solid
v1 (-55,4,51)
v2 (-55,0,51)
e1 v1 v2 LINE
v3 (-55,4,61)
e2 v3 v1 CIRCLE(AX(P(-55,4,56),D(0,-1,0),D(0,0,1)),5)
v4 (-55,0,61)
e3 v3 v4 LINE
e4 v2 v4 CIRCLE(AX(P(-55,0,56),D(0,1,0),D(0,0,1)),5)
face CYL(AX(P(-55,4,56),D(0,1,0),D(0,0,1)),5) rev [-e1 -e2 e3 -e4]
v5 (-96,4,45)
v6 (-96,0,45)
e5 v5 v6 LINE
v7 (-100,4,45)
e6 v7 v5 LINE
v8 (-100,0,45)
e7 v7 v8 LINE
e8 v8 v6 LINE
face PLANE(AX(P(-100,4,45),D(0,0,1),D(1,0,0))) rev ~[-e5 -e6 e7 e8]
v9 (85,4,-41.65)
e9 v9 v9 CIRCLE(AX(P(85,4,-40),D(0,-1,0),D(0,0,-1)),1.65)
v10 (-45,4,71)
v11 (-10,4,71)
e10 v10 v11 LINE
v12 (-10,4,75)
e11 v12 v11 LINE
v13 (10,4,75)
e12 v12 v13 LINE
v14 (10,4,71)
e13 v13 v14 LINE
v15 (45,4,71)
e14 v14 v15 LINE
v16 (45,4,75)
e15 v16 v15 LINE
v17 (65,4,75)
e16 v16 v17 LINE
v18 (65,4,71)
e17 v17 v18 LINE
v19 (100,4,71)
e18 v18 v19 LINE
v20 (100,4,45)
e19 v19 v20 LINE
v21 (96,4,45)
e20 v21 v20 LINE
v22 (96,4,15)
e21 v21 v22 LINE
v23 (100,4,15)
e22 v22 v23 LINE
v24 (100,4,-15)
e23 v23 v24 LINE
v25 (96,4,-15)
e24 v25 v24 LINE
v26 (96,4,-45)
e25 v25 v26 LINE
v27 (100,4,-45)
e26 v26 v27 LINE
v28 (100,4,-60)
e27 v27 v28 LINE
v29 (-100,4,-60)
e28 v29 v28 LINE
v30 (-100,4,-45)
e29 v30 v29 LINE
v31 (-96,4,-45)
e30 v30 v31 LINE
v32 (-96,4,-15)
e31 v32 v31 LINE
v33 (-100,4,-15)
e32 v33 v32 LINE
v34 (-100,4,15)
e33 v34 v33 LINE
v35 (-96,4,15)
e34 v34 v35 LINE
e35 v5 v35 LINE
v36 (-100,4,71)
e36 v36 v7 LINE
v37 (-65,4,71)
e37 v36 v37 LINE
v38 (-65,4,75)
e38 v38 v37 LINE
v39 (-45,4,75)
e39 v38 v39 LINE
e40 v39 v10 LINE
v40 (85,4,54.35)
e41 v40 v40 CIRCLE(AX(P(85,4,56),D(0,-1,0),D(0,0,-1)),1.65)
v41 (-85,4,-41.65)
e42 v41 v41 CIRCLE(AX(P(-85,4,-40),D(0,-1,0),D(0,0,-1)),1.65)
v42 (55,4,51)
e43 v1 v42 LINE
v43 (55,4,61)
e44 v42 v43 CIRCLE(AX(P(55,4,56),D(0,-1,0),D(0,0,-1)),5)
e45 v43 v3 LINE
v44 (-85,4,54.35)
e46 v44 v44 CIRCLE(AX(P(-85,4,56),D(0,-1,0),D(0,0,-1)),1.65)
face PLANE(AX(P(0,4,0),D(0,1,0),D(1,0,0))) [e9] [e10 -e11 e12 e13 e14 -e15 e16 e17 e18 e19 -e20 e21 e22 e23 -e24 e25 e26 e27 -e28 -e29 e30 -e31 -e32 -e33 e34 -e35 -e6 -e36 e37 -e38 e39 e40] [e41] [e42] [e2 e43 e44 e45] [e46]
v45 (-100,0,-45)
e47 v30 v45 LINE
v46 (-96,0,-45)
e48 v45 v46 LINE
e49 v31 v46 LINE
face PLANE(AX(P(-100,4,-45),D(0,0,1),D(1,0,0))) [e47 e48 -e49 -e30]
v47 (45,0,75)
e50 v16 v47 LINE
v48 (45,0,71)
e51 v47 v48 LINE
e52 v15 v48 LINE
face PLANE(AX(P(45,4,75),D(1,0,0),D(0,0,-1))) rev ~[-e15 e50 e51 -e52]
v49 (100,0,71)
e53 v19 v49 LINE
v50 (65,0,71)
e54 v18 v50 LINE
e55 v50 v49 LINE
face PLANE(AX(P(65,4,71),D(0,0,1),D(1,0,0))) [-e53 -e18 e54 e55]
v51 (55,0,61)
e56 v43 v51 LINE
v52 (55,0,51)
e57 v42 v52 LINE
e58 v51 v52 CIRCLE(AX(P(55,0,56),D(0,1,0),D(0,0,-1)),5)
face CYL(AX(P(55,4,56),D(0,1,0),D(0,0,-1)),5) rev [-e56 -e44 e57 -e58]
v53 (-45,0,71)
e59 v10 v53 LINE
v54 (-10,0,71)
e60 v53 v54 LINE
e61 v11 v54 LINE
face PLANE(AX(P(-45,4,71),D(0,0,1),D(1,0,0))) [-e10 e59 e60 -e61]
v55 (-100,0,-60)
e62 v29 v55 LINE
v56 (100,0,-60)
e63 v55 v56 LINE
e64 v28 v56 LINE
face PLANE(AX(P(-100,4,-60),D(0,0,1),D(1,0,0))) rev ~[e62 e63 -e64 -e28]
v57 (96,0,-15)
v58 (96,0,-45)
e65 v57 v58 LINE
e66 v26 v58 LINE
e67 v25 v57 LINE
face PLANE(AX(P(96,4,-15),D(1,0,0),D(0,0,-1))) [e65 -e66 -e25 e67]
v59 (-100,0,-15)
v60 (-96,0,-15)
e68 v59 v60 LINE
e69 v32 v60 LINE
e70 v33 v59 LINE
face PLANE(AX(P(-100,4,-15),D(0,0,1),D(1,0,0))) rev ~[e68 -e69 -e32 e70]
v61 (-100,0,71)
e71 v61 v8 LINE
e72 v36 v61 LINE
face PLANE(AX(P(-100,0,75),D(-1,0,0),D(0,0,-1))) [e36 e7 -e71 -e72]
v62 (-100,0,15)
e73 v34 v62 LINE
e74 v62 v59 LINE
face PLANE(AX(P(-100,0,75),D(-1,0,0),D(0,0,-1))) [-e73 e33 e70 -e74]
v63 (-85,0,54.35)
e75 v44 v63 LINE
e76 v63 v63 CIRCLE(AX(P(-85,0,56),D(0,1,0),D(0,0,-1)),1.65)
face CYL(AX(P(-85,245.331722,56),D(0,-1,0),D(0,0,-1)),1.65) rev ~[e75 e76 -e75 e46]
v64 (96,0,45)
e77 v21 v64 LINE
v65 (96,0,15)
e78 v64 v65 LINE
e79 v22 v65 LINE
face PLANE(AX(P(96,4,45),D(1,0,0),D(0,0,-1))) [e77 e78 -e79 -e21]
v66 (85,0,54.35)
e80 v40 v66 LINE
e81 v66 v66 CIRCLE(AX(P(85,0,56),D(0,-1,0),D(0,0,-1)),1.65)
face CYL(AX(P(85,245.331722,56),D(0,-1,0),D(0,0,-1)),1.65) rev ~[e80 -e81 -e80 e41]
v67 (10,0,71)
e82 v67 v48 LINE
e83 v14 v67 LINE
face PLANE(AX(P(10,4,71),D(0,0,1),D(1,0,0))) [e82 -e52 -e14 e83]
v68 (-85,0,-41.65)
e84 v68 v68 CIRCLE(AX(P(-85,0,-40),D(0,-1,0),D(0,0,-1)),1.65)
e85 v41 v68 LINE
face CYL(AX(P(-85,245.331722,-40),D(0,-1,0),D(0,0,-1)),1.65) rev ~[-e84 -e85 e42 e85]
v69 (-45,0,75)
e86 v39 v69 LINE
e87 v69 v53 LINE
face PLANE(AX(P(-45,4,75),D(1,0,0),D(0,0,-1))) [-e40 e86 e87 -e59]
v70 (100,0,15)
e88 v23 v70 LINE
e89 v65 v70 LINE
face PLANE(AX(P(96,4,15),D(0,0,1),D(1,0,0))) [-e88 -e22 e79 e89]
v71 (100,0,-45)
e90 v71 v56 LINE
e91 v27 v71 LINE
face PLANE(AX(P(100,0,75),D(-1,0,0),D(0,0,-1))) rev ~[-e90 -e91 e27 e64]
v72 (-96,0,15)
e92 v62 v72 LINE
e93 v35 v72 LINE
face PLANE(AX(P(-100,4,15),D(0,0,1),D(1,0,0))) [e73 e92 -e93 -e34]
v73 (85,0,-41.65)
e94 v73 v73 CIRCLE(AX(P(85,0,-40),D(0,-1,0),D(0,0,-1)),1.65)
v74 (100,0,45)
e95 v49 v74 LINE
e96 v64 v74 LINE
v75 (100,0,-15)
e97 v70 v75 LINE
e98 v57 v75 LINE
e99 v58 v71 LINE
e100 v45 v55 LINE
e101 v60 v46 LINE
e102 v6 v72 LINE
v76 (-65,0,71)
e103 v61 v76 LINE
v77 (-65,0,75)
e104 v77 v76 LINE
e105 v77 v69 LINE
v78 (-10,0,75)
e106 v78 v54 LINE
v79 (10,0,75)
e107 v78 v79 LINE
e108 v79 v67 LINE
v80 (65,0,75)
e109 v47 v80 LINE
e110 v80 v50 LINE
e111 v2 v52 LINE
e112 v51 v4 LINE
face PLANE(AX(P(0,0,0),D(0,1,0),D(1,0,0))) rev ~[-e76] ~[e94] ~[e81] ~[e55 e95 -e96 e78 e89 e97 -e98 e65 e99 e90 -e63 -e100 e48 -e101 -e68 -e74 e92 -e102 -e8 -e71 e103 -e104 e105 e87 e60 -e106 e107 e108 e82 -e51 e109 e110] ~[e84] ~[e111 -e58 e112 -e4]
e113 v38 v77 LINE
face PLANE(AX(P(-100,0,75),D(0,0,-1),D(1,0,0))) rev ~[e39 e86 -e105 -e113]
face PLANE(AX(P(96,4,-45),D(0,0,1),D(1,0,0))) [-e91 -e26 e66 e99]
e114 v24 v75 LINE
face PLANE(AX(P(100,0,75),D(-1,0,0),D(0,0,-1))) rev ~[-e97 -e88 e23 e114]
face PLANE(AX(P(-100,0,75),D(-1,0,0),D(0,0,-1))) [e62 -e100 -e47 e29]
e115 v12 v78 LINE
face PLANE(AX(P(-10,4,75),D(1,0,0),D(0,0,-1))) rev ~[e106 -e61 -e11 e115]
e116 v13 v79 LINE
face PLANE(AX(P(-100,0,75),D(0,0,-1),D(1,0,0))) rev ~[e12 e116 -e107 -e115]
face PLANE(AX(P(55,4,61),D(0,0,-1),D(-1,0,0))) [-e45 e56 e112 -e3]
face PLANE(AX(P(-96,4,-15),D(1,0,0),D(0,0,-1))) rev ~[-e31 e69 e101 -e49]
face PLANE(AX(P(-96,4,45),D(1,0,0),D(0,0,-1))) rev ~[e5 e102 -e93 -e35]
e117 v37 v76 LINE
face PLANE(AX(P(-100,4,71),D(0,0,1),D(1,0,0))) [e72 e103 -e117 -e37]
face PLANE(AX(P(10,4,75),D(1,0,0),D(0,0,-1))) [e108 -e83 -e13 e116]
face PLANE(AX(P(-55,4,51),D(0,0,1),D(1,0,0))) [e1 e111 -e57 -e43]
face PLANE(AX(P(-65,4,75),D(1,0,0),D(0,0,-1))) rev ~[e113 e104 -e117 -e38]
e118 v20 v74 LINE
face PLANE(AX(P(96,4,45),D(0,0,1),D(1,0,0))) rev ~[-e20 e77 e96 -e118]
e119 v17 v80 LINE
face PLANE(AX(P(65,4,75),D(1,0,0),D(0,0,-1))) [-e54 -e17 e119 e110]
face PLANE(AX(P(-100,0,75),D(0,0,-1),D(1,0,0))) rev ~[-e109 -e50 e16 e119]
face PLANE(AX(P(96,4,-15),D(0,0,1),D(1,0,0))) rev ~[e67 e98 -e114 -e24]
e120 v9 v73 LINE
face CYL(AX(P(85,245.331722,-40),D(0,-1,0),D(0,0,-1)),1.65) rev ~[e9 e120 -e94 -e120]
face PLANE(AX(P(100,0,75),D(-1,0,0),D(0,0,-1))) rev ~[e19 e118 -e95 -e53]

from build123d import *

# Parameters (mm, degrees)
ESBO_O1_W                               = 200
ESBO_O1_H                               = 150
RESSALTO_EXTRUS_O1_DEPTH                = 4
ESBO_O2_W                               = 35
ESBO_O2_H                               = 4
ESBO_O2_W_2                             = 4
ESBO_O2_H_2                             = 30
CORTE_EXTRUS_O1_DEPTH                   = 5
ESBO_O3_W                               = 200
ESBO_O3_H                               = 15
CORTE_EXTRUS_O2_DEPTH                   = 5
BROCA_DE_ROSQUEAR_PARA_TARRAXA_DE_M41_D = 3.3
ESBO_O5_R                               = 1.65
CORTE_EXTRUS_O3_DEPTH                   = 5


with BuildPart() as part:
    # Esboço1 → Ressalto-extrusão1 (new body)
    with BuildSketch(Plane(origin=(0, 0, 0), x_dir=(1, 0, 0), z_dir=(0, 1, 0))):
        Rectangle(ESBO_O1_W, ESBO_O1_H)
    extrude(amount=RESSALTO_EXTRUS_O1_DEPTH)

    # Esboço2 → Corte-extrusão1 (cut, through all)
    with BuildSketch(Plane(origin=(0, 4, 0), x_dir=(1, 0, 0), z_dir=(0, 1, 0))):
        with Locations((-27.5, -73)):
            Rectangle(ESBO_O2_W, ESBO_O2_H)
        with Locations((27.5, -73)):
            Rectangle(ESBO_O2_W, ESBO_O2_H)
        with Locations((82.5, -73)):
            Rectangle(ESBO_O2_W, ESBO_O2_H)
        with Locations((-82.5, -73)):
            Rectangle(ESBO_O2_W, ESBO_O2_H)
        with Locations((98, 30)):
            Rectangle(ESBO_O2_W_2, ESBO_O2_H_2)
        with Locations((98, -30)):
            Rectangle(ESBO_O2_W_2, ESBO_O2_H_2)
        with Locations((-98, 30)):
            Rectangle(ESBO_O2_W_2, ESBO_O2_H_2)
        with Locations((-98, -30)):
            Rectangle(ESBO_O2_W_2, ESBO_O2_H_2)
    extrude(amount=-CORTE_EXTRUS_O1_DEPTH, mode=Mode.SUBTRACT)

    # Esboço3 → Corte-extrusão2 (cut, through all)
    with BuildSketch(Plane(origin=(0, 4, 0), x_dir=(1, 0, 0), z_dir=(0, 1, 0))):
        with Locations((0, 67.5)):
            Rectangle(ESBO_O3_W, ESBO_O3_H)
    extrude(amount=-CORTE_EXTRUS_O2_DEPTH, mode=Mode.SUBTRACT)

    # Broca de rosquear para tarraxa de M41 (through all)
    with Locations(Plane(origin=(-85, 4, -40), x_dir=(0, 0, 1), z_dir=(0, 1, 0))):
        with Locations((0, 0), (96, 0), (96, 170), (0, 170)):
            Hole(BROCA_DE_ROSQUEAR_PARA_TARRAXA_DE_M41_D / 2)

    # Esboço5 → Corte-extrusão3 (cut, through all)
    with BuildSketch(Plane(origin=(0, 4, 0), x_dir=(1, 0, 0), z_dir=(0, 1, 0))):
        with Locations((-85, -56)):
            Circle(ESBO_O5_R)
        with BuildLine():
            Line((55, -61), (-55, -61))
            ThreePointArc((-55, -61), (-60, -56), (-55, -51))
            Line((-55, -51), (55, -51))
            ThreePointArc((55, -51), (60, -56), (55, -61))
        make_face()
    extrude(amount=-CORTE_EXTRUS_O3_DEPTH, mode=Mode.SUBTRACT)


solid = part.part
